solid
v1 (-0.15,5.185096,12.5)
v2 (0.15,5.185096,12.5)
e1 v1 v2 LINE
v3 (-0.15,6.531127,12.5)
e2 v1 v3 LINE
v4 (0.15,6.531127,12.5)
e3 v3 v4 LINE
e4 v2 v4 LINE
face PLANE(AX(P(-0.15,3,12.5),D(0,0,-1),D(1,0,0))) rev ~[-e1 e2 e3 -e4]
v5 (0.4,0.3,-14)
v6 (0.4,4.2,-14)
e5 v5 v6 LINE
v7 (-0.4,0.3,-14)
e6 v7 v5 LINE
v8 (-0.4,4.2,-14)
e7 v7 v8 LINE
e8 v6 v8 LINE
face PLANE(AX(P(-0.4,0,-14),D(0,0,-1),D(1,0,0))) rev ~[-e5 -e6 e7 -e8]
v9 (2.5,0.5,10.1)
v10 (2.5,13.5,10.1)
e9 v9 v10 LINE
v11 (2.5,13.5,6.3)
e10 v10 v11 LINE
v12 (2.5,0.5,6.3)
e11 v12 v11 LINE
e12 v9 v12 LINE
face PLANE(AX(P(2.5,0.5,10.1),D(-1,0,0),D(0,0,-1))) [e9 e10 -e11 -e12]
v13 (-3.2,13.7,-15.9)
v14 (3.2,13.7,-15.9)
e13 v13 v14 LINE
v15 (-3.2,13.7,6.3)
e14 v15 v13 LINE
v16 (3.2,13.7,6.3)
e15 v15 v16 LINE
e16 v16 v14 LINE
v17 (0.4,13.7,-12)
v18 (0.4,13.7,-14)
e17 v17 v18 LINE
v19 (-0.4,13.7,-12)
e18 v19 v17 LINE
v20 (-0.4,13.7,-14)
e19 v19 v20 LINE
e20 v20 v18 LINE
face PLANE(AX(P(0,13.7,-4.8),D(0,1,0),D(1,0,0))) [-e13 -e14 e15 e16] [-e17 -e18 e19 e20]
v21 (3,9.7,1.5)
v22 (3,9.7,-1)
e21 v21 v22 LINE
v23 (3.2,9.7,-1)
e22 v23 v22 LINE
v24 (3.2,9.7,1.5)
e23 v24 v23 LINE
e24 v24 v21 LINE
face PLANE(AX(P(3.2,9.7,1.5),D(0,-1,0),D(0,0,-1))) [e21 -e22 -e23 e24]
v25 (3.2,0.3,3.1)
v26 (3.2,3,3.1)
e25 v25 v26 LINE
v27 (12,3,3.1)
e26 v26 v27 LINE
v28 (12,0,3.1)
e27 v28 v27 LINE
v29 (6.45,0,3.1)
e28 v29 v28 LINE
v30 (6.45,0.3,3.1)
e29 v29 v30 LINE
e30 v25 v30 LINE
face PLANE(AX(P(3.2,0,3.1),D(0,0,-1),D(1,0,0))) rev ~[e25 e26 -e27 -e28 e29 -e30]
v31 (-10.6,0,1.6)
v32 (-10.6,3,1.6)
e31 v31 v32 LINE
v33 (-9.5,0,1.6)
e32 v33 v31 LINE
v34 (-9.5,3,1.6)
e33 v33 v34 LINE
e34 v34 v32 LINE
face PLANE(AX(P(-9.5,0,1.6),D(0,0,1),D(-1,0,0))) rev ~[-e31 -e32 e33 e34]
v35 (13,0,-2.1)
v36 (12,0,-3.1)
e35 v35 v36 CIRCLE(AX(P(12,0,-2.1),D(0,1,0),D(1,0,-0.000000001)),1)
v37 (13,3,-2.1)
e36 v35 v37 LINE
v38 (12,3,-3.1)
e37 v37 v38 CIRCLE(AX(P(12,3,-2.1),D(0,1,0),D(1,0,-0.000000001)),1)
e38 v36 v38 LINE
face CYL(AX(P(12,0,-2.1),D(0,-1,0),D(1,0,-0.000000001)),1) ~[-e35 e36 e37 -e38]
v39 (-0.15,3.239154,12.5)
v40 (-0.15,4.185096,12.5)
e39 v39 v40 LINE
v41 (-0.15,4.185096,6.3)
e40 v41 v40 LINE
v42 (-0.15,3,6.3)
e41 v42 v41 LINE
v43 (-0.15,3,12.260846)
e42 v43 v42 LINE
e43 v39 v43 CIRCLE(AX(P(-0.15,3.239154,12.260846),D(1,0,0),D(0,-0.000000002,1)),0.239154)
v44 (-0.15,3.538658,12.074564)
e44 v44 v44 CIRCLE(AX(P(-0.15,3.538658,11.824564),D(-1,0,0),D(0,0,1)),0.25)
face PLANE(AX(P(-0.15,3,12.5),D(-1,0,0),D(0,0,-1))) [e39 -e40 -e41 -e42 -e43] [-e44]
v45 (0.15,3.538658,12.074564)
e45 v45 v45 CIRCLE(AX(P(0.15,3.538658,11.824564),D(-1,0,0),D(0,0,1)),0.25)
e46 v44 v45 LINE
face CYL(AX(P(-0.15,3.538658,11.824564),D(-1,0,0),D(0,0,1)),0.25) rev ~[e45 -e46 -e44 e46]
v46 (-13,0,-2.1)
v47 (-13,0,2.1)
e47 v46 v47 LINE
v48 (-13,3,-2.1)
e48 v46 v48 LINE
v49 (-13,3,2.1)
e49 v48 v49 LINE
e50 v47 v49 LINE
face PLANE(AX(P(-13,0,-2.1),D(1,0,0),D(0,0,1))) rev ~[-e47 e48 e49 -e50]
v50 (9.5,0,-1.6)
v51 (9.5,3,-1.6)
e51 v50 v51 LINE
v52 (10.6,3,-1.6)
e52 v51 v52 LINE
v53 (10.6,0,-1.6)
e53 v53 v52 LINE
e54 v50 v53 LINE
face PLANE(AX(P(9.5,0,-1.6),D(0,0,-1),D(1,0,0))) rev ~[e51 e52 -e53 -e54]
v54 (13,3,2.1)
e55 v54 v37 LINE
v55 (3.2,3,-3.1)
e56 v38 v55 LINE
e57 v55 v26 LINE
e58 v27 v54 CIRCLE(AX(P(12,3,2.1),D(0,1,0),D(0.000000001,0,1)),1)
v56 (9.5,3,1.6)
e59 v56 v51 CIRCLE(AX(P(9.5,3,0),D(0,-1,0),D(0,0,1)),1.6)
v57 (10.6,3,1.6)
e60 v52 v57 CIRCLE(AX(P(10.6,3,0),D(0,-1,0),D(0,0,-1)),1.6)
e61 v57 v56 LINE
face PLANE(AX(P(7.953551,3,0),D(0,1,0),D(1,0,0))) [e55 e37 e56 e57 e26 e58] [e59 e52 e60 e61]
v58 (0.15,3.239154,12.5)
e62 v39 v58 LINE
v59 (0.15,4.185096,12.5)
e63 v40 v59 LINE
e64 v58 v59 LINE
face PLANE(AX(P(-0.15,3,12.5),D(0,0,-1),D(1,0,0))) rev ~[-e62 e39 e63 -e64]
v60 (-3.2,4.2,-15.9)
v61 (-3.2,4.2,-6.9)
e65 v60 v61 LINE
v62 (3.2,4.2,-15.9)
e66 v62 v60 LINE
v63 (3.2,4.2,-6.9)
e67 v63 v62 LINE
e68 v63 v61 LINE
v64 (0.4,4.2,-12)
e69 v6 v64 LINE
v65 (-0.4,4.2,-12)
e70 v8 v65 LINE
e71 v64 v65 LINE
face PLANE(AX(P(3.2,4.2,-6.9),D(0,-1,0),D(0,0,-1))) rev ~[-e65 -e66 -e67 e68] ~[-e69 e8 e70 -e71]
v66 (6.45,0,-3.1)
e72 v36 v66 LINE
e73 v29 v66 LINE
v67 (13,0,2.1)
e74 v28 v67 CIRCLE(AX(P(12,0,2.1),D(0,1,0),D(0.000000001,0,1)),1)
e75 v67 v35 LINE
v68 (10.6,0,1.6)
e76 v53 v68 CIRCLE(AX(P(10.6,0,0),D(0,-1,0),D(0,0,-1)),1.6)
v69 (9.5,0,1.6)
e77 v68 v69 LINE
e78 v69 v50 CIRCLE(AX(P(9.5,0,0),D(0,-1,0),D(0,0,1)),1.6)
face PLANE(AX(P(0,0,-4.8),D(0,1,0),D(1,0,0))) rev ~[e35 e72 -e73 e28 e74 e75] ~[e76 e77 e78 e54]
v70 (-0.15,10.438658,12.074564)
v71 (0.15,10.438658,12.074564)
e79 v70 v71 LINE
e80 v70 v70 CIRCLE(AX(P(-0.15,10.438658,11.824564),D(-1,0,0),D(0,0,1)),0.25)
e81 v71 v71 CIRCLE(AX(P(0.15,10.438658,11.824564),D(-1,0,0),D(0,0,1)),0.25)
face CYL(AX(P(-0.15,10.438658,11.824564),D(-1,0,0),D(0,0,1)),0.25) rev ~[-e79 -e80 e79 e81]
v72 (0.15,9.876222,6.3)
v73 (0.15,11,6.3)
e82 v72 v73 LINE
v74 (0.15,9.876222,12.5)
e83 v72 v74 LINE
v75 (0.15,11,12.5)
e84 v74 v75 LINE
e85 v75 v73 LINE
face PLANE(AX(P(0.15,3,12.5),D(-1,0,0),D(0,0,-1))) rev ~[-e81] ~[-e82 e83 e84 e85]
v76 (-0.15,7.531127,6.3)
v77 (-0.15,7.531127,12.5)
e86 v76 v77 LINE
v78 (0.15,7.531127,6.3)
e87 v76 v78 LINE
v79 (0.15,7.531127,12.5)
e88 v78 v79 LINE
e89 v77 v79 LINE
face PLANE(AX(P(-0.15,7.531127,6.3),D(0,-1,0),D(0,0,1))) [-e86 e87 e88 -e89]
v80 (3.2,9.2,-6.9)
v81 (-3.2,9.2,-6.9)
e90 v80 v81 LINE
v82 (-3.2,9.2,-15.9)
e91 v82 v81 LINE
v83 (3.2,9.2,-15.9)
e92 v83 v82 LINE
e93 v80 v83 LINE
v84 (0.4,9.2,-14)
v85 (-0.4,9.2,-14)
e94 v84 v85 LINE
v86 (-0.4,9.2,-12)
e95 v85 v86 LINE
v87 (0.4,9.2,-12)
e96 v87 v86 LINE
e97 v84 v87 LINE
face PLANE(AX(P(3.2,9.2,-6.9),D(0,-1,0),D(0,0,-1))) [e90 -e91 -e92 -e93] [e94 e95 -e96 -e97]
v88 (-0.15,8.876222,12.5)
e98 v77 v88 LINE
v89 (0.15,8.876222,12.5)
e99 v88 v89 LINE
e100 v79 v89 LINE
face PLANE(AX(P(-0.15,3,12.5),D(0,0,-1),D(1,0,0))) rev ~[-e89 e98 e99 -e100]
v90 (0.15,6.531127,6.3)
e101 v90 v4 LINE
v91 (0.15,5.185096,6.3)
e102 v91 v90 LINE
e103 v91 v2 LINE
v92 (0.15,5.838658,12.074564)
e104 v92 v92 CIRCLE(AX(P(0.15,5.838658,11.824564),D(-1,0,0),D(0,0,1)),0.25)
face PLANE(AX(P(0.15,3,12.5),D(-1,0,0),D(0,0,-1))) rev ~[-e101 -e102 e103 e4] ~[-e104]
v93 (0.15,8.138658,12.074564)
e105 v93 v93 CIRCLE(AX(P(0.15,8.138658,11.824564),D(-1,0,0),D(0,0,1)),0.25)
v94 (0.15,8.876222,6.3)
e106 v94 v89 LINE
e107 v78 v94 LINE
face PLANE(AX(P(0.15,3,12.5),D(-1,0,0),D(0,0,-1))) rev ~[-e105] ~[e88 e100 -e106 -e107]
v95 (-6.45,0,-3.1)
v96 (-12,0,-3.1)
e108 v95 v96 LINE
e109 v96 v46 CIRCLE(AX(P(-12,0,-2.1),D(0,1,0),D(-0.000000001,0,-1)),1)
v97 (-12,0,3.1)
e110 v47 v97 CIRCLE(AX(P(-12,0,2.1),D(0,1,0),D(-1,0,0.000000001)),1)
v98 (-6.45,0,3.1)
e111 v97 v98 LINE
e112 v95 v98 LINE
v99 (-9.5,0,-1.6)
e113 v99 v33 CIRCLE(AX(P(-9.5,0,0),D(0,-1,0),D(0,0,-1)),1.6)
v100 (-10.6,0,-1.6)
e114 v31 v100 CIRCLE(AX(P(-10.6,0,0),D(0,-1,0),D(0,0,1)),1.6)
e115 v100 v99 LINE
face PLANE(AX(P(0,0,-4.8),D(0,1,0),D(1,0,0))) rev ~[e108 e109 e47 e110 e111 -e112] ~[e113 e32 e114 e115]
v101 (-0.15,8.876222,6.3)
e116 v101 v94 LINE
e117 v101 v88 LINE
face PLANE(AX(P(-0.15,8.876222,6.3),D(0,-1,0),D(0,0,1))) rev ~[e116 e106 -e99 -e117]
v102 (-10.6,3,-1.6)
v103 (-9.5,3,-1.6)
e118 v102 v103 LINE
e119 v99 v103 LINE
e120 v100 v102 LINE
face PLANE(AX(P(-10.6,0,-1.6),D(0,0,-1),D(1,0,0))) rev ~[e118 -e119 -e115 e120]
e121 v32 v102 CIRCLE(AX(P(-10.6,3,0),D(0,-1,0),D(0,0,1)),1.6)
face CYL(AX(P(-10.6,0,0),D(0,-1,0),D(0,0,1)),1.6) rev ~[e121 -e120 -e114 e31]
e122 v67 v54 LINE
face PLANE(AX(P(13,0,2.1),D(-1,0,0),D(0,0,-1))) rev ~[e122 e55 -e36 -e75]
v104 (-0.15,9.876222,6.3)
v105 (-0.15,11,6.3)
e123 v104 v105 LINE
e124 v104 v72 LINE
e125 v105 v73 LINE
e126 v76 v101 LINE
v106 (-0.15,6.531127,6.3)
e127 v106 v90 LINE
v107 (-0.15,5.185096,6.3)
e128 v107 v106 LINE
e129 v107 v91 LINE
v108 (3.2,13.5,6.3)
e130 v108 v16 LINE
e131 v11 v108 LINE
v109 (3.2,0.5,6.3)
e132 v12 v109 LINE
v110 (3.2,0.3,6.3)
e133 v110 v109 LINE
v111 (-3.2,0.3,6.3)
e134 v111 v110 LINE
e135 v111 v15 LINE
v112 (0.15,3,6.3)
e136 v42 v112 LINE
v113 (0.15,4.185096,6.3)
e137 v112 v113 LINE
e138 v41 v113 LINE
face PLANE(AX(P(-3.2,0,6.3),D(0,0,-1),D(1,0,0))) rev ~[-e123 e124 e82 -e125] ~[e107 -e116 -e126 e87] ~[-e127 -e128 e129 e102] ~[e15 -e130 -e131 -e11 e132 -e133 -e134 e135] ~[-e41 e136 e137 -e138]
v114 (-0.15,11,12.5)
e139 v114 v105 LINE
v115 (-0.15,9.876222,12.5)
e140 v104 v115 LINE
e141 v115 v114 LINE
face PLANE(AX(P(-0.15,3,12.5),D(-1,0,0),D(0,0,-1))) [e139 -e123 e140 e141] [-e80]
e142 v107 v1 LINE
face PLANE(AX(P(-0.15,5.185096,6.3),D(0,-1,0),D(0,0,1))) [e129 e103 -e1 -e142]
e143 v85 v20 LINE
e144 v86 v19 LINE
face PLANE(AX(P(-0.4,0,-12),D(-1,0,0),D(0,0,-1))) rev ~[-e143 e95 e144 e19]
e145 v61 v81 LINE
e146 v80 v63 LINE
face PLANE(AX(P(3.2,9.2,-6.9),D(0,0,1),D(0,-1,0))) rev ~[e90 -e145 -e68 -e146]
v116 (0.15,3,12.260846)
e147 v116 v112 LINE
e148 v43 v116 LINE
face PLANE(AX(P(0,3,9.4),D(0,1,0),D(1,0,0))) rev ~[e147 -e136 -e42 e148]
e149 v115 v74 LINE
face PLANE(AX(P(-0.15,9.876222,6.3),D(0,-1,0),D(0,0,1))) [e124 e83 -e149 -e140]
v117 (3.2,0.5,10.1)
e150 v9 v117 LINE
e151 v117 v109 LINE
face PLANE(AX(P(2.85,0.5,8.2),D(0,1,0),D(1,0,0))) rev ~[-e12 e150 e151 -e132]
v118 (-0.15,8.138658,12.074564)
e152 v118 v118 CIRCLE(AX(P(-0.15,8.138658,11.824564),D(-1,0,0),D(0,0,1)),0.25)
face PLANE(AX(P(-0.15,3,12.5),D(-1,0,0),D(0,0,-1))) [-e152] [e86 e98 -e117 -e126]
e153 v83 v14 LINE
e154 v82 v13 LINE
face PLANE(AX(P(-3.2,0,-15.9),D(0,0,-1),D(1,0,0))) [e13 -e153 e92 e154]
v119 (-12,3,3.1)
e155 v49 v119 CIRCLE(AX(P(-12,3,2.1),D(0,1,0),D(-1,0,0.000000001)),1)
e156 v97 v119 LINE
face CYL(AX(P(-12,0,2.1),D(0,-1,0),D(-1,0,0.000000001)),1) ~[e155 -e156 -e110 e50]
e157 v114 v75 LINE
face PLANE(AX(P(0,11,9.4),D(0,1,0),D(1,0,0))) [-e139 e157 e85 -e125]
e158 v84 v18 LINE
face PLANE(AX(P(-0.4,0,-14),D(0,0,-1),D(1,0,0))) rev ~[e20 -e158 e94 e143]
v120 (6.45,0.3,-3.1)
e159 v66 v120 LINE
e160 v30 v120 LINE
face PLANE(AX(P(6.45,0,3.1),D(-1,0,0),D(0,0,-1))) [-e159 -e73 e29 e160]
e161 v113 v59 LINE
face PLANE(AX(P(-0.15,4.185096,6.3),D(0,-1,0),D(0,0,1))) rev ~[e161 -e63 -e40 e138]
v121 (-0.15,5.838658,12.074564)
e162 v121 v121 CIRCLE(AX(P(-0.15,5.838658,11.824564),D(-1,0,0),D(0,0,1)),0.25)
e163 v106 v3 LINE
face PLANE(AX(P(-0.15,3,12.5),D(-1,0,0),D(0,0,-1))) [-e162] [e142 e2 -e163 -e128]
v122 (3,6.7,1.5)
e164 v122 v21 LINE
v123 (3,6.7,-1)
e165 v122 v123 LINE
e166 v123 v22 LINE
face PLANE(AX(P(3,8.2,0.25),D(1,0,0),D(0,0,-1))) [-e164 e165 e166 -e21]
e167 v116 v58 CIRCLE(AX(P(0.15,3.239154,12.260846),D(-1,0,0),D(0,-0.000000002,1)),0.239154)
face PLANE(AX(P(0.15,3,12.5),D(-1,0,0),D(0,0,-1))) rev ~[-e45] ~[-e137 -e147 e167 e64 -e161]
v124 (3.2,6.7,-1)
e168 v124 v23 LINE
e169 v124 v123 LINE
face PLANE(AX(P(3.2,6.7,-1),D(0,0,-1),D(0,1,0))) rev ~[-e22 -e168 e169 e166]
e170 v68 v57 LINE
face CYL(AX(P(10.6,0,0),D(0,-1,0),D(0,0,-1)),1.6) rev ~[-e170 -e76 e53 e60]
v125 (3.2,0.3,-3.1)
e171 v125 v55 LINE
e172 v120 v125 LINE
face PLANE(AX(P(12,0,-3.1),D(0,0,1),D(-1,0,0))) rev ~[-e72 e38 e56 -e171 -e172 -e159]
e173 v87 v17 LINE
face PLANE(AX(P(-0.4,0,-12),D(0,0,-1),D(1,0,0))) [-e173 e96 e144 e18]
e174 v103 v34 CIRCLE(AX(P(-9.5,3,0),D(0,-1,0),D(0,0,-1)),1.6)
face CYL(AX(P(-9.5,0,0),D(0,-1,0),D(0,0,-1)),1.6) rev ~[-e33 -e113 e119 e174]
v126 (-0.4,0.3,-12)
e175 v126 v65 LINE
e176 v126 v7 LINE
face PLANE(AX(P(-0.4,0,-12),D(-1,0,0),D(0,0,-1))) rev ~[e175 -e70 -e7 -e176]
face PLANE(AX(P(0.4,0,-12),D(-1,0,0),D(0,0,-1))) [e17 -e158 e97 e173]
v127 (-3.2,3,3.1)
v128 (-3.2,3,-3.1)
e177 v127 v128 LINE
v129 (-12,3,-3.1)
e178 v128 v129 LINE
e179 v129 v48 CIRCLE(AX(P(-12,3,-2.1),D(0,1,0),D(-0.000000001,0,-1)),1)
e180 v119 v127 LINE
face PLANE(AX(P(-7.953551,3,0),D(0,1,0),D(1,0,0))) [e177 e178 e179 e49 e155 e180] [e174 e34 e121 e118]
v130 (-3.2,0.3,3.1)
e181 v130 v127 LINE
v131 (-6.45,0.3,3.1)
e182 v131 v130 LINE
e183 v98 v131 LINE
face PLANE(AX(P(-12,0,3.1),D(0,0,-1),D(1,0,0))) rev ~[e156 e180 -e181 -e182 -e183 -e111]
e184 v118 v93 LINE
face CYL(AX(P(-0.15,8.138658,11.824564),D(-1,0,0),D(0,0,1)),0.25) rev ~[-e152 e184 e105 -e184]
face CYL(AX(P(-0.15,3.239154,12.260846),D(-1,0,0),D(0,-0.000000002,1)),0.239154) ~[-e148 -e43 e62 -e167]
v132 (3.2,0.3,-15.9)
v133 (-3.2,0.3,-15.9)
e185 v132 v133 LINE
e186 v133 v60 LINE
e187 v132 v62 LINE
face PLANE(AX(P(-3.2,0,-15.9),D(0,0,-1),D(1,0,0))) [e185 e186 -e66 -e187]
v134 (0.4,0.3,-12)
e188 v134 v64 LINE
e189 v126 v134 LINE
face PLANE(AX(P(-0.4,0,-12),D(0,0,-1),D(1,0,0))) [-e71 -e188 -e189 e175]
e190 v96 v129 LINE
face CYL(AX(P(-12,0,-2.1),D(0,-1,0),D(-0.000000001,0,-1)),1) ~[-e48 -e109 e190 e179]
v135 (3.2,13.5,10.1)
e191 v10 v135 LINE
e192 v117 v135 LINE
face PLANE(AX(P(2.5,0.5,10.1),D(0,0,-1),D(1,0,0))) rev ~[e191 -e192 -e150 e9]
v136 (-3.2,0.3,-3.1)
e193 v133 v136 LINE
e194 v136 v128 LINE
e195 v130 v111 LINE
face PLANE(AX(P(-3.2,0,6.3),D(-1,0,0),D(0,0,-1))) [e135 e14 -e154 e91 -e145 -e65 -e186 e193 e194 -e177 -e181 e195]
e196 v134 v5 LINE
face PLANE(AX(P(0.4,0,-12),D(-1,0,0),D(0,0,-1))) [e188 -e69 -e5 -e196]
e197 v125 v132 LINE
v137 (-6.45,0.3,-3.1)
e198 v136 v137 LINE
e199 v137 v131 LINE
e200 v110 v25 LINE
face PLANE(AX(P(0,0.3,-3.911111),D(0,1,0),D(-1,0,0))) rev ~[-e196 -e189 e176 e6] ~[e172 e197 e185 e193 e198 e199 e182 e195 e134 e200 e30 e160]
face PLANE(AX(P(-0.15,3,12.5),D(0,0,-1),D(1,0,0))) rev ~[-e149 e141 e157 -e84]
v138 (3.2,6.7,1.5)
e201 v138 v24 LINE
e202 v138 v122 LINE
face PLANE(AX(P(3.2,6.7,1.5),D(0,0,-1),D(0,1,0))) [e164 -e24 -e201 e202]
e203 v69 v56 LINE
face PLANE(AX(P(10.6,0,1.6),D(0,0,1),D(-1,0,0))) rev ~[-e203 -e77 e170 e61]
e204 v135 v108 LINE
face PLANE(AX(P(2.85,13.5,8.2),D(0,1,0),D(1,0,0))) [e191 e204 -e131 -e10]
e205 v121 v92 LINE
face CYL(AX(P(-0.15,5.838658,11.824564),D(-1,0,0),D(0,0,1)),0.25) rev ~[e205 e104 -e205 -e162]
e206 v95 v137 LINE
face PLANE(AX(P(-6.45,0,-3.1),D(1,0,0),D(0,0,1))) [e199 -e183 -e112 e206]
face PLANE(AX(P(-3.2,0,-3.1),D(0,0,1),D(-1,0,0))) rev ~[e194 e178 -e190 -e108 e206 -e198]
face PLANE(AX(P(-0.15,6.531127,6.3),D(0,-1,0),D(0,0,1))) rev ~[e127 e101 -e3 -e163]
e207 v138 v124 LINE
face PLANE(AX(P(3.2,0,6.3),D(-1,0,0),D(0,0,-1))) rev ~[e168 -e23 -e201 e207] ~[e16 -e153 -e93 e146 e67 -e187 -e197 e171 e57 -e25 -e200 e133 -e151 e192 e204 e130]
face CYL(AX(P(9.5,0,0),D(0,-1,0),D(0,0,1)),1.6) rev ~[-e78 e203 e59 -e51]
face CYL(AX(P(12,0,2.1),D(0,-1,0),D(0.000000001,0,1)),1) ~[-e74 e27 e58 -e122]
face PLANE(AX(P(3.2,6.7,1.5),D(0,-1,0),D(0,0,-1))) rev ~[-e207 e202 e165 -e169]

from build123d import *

# Parameters (mm, degrees)
SKETCH1_W                = 6.4
SKETCH1_H                = 22.2
SKETCH1_W_2              = 0.8
SKETCH1_H_2              = 2
BOSS_EXTRUDE1_DEPTH      = 13.7
BOSS_EXTRUDE2_DEPTH      = 3
SKETCH2_W                = 9
SKETCH2_H                = 5
CUT_EXTRUDE1_DEPTH       = 27.513015672
SKETCH2_3_W              = 2.5
SKETCH2_3_H              = 3
CUT_EXTRUDE2_DEPTH       = 0.2
CUT_EXTRUDE3_DEPTH       = 0.3
BOSS_EXTRUDE3_DEPTH      = 6.5
BOSS_EXTRUDE3_DEPTH_BACK = 6.5
SKETCH4_W                = 0.7
SKETCH4_H                = 3.8
BOSS_EXTRUDE4_DEPTH      = 4
BOSS_EXTRUDE4_DEPTH_BACK = 4
SKETCH4_3_W              = 0.3
SKETCH4_3_H              = 6.2
SKETCH7_R                = 0.25
SKETCH7_W                = 6.2
SKETCH7_H                = 1
CUT_EXTRUDE4_DEPTH       = 1


with BuildPart() as part:
    # Sketch1 → Boss-Extrude1 (new body)
    with BuildSketch(Plane(origin=(0, 0, 0), x_dir=(1, 0, 0), z_dir=(0, 1, 0))):
        with Locations((0, 4.8)):
            Rectangle(SKETCH1_W, SKETCH1_H)
        with Locations((0, 13)):
            Rectangle(SKETCH1_W_2, SKETCH1_H_2, mode=Mode.SUBTRACT)
    extrude(amount=BOSS_EXTRUDE1_DEPTH)

    # Sketch1<4> → Boss-Extrude2 (add)
    # profile 1 of 2: a face of its own
    with BuildSketch(Plane(origin=(0, 0, 0), x_dir=(1, 0, 0), z_dir=(0, 1, 0))):
        with BuildLine():
            Line((-3.2, -3.1), (-3.2, 3.1))
            Line((-3.2, 3.1), (-12, 3.1))
            ThreePointArc((-12, 3.1), (-12.707106781, 2.807106781), (-13, 2.1))
            Line((-13, 2.1), (-13, -2.1))
            ThreePointArc((-13, -2.1), (-12.707106781, -2.807106781), (-12, -3.1))
            Line((-12, -3.1), (-3.2, -3.1))
        make_face()
        with BuildLine():
            ThreePointArc((-10.6, -1.6), (-12.2, 0), (-10.6, 1.6))
            Line((-10.6, 1.6), (-9.5, 1.6))
            ThreePointArc((-9.5, 1.6), (-7.9, 0), (-9.5, -1.6))
            Line((-9.5, -1.6), (-10.6, -1.6))
        make_face(mode=Mode.SUBTRACT)
    # profile 2 of 2: a face of its own
    with BuildSketch(Plane(origin=(0, 0, 0), x_dir=(1, 0, 0), z_dir=(0, 1, 0))):
        with BuildLine():
            Line((12, 3.1), (3.2, 3.1))
            Line((3.2, 3.1), (3.2, -3.1))
            Line((3.2, -3.1), (12, -3.1))
            ThreePointArc((12, -3.1), (12.707106781, -2.807106781), (13, -2.1))
            Line((13, -2.1), (13, 2.1))
            ThreePointArc((13, 2.1), (12.707106781, 2.807106781), (12, 3.1))
        make_face()
        with BuildLine():
            Line((9.5, 1.6), (10.6, 1.6))
            ThreePointArc((10.6, 1.6), (12.2, 0), (10.6, -1.6))
            Line((10.6, -1.6), (9.5, -1.6))
            ThreePointArc((9.5, -1.6), (7.9, 0), (9.5, 1.6))
        make_face(mode=Mode.SUBTRACT)
    extrude(amount=BOSS_EXTRUDE2_DEPTH)

    # Sketch2 → Cut-Extrude1 (cut, through all)
    with BuildSketch(Plane(origin=(3.2, 0, 0), x_dir=(0, 0, -1), z_dir=(1, 0, 0))):
        with Locations((11.4, 6.7)):
            Rectangle(SKETCH2_W, SKETCH2_H)
    extrude(amount=-CUT_EXTRUDE1_DEPTH, mode=Mode.SUBTRACT)

    # Sketch2<3> → Cut-Extrude2 (cut)
    with BuildSketch(Plane(origin=(3.2, 0, 0), x_dir=(0, 0, -1), z_dir=(1, 0, 0))):
        with Locations((-0.25, 8.2)):
            Rectangle(SKETCH2_3_W, SKETCH2_3_H)
    extrude(amount=-CUT_EXTRUDE2_DEPTH, mode=Mode.SUBTRACT)

    # Sketch3 → Cut-Extrude3 (cut)
    with BuildSketch(Plane.XZ):
        Polygon((-6.45, 3.1), (-3.2, 3.1), (-3.2, 6.3), (3.2, 6.3), (3.2, 3.1), (6.45, 3.1), (6.45, -3.1), (3.2, -3.1), (3.2, -15.9), (-3.2, -15.9), (-3.2, -3.1), (-6.45, -3.1), align=None)
    extrude(amount=-CUT_EXTRUDE3_DEPTH, mode=Mode.SUBTRACT)

    # Sketch4 → Boss-Extrude3 (add, two sides: drawn at the far end of the back side and taken through both)
    with BuildSketch(Plane(origin=(0, 7, 0), x_dir=(1, 0, 0), z_dir=(0, 1, 0)).offset(-BOSS_EXTRUDE3_DEPTH_BACK)):
        with Locations((2.85, -8.2)):
            Rectangle(SKETCH4_W, SKETCH4_H)
    extrude(amount=BOSS_EXTRUDE3_DEPTH + BOSS_EXTRUDE3_DEPTH_BACK)

    # Sketch4<3> → Boss-Extrude4 (add, two sides: drawn at the far end of the back side and taken through both)
    with BuildSketch(Plane(origin=(0, 7, 0), x_dir=(1, 0, 0), z_dir=(0, 1, 0)).offset(-BOSS_EXTRUDE4_DEPTH_BACK)):
        with Locations((0, -9.4)):
            Rectangle(SKETCH4_3_W, SKETCH4_3_H)
    extrude(amount=BOSS_EXTRUDE4_DEPTH + BOSS_EXTRUDE4_DEPTH_BACK)

    # Sketch7 → Cut-Extrude4 (cut)
    with BuildSketch(Plane.ZY.offset(0.15)):
        with Locations((11.824564477, 3.538657992)):
            Circle(SKETCH7_R)
        with Locations((11.824564477, 5.838657992)):
            Circle(SKETCH7_R)
        with Locations((11.824564477, 8.138657992)):
            Circle(SKETCH7_R)
        with Locations((11.824564477, 10.438657992)):
            Circle(SKETCH7_R)
        with BuildLine():
            Line((12.260846454, 3), (12.5, 3))
            Line((12.5, 3), (12.5, 3.239153546))
            ThreePointArc((12.5, 3.239153546), (12.429953548, 3.070046452), (12.260846454, 3))
        make_face()
        with Locations((9.4, 7.031126654)):
            Rectangle(SKETCH7_W, SKETCH7_H)
        with Locations((9.4, 9.376221563)):
            Rectangle(SKETCH7_W, SKETCH7_H)
        with Locations((9.4, 4.685096472)):
            Rectangle(SKETCH7_W, SKETCH7_H)
    extrude(amount=-CUT_EXTRUDE4_DEPTH, mode=Mode.SUBTRACT)


solid = part.part
